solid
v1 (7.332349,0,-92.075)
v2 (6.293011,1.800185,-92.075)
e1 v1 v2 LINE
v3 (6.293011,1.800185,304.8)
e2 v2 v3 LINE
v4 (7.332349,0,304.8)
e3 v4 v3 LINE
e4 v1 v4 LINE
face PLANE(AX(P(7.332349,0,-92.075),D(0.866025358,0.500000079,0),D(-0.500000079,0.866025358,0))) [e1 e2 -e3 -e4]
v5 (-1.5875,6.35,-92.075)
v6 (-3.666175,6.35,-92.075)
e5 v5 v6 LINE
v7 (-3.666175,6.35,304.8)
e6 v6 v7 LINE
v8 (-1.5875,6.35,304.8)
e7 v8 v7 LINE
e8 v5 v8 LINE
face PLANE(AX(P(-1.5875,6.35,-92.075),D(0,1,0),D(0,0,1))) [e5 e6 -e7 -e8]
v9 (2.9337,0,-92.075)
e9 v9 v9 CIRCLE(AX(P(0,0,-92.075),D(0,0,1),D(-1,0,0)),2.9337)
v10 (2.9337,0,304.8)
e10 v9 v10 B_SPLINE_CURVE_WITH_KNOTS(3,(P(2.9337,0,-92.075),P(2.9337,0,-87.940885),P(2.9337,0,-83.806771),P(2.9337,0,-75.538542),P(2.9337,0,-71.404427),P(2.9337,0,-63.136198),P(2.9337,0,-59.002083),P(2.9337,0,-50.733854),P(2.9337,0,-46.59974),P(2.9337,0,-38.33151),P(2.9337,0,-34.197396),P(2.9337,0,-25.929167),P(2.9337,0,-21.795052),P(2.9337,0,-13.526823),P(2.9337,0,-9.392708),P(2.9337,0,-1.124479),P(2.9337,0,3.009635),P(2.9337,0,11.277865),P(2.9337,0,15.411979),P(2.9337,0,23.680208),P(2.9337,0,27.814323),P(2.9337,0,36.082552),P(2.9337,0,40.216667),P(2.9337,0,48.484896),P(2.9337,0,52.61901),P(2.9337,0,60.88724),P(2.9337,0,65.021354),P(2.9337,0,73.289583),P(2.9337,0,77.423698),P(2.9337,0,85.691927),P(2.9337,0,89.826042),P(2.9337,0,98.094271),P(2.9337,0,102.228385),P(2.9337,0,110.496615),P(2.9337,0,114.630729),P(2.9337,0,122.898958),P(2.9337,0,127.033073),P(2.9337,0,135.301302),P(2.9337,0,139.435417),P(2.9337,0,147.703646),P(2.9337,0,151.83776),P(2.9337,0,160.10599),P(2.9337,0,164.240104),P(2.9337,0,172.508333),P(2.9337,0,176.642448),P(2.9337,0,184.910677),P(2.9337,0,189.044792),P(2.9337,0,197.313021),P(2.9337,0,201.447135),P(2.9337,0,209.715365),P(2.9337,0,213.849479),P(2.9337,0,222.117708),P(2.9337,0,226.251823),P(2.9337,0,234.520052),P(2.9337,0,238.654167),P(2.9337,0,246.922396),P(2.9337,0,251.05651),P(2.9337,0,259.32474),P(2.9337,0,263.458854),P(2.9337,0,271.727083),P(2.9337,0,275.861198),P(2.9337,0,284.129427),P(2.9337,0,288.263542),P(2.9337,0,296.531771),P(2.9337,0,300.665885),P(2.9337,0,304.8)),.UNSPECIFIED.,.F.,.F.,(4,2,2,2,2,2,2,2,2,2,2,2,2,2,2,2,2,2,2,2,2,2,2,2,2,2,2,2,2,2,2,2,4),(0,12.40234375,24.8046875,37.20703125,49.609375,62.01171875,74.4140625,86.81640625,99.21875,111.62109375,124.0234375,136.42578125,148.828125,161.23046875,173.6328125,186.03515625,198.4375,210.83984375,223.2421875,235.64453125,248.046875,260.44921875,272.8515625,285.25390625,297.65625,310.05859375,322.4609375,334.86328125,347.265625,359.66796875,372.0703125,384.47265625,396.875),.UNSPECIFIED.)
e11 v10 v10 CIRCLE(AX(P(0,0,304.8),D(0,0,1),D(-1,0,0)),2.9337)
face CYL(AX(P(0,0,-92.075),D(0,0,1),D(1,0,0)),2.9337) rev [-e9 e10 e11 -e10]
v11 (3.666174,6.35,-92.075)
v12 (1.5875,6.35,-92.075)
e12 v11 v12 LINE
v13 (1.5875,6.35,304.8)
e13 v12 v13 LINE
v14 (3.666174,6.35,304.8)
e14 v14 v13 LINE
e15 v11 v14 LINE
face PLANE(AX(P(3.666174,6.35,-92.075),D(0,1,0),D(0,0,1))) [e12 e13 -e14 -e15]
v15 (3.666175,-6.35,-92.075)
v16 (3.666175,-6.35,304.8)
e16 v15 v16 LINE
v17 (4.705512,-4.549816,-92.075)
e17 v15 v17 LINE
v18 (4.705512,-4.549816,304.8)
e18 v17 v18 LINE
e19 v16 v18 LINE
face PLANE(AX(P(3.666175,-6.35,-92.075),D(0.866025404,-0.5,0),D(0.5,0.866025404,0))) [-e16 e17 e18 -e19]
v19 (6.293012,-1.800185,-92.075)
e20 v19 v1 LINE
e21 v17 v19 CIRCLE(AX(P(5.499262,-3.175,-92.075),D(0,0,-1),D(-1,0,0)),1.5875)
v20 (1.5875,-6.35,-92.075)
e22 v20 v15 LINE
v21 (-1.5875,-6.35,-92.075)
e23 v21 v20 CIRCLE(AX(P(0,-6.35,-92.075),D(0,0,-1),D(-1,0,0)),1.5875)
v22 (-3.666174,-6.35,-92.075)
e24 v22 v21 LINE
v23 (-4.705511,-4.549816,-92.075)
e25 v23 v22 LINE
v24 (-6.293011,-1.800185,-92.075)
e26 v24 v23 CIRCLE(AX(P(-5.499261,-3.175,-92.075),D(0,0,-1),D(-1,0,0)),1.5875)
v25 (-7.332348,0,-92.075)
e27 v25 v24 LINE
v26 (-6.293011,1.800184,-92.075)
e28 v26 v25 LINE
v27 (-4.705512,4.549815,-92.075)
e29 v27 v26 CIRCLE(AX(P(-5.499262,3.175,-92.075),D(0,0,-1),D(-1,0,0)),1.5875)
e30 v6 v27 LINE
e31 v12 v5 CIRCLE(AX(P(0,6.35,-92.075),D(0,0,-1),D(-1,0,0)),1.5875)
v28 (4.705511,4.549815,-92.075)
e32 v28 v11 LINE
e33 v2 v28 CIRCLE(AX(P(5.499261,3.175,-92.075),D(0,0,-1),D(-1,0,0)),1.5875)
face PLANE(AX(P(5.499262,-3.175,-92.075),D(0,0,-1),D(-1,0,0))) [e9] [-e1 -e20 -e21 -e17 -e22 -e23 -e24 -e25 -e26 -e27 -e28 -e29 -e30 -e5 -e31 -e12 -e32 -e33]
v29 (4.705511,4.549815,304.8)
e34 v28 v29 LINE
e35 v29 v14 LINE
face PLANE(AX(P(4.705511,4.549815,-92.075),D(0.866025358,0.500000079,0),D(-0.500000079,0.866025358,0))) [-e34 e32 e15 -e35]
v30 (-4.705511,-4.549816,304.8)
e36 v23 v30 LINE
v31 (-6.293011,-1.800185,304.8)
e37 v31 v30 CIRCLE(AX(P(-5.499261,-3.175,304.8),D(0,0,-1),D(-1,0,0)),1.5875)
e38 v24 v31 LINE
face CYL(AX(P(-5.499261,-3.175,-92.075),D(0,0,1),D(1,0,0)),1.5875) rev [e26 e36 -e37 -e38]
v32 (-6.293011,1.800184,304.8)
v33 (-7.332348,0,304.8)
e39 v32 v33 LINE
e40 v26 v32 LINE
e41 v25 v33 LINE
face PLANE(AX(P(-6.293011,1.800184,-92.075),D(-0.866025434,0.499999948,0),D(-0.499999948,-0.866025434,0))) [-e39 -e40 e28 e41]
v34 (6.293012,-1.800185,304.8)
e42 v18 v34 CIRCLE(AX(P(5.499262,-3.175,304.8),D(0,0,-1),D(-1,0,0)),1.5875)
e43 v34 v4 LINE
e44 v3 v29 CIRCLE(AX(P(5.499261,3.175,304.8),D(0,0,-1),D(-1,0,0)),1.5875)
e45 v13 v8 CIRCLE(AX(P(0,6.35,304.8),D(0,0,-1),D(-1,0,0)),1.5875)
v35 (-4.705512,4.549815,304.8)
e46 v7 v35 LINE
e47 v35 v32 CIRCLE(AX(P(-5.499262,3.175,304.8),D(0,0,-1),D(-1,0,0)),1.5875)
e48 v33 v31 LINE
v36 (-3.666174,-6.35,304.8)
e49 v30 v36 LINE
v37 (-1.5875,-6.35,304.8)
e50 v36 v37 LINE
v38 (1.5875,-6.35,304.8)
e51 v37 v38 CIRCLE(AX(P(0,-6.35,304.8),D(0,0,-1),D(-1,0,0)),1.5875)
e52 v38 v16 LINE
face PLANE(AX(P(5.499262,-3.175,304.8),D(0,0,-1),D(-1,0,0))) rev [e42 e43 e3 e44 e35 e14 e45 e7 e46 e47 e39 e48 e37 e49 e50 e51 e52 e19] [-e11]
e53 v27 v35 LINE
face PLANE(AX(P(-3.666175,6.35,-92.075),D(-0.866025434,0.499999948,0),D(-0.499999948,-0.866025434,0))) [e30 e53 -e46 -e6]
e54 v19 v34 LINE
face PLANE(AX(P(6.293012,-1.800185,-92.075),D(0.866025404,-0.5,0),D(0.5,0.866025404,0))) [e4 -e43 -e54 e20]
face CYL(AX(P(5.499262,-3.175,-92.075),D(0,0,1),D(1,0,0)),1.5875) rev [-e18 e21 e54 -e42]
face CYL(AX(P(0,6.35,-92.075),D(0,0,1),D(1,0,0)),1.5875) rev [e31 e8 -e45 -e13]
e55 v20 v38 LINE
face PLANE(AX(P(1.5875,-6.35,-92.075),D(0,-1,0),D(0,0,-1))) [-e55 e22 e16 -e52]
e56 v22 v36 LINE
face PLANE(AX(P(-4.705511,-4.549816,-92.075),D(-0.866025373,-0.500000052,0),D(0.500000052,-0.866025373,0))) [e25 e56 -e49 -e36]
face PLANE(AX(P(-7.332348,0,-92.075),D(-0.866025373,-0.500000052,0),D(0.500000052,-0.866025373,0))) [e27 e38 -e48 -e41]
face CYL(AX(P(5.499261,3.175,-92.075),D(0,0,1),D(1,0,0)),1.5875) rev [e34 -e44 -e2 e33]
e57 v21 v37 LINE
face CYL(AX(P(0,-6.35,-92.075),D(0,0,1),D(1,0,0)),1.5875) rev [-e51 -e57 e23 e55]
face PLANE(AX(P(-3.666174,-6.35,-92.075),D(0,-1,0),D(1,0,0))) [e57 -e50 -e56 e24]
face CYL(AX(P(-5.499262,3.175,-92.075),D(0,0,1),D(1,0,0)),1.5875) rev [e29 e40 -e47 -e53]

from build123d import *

# Parameters (mm, degrees)
SKETCH1_R           = 2.9337
BOSS_EXTRUDE1_DEPTH = 396.875


with BuildPart() as part:
    # Sketch1 → Boss-Extrude1 (new body)
    with BuildSketch(Plane.XY.offset(304.8)):
        with BuildLine():
            Line((6.293011699, -1.800184894), (7.332348803, -2.22e-07))
            Line((7.332348803, -2.22e-07), (6.293011439, 1.800184522))
            ThreePointArc((6.293011439, 1.800184522), (4.124446058, 2.381249653), (4.705511189, 4.549815034))
            Line((4.705511189, 4.549815034), (3.666173825, 6.349999778))
            Line((3.666173825, 6.349999778), (1.587499615, 6.349999778))
            ThreePointArc((1.587499615, 6.349999778), (-3.85e-07, 4.762499778), (-1.587500385, 6.349999778))
            Line((-1.587500385, 6.349999778), (-3.666174594, 6.349999778))
            Line((-3.666174594, 6.349999778), (-4.70551159, 4.549815043))
            ThreePointArc((-4.70551159, 4.549815043), (-4.12444613, 2.38124975), (-6.293011423, 1.80018429))
            Line((-6.293011423, 1.80018429), (-7.332348419, -4.44e-07))
            Line((-7.332348419, -4.44e-07), (-6.293011205, -1.800185053))
            ThreePointArc((-6.293011205, -1.800185053), (-4.124445841, -2.38125025), (-4.705511038, -4.549815614))
            Line((-4.705511038, -4.549815614), (-3.666173825, -6.350000222))
            Line((-3.666173825, -6.350000222), (-1.587499615, -6.350000222))
            ThreePointArc((-1.587499615, -6.350000222), (3.85e-07, -4.762500222), (1.587500385, -6.350000222))
            Line((1.587500385, -6.350000222), (3.666174594, -6.350000222))
            Line((3.666174594, -6.350000222), (4.705511699, -4.549815551))
            ThreePointArc((4.705511699, -4.549815551), (4.12444637, -2.381250222), (6.293011699, -1.800184894))
        make_face()
        Circle(SKETCH1_R, mode=Mode.SUBTRACT)
    extrude(amount=-BOSS_EXTRUDE1_DEPTH)


solid = part.part
